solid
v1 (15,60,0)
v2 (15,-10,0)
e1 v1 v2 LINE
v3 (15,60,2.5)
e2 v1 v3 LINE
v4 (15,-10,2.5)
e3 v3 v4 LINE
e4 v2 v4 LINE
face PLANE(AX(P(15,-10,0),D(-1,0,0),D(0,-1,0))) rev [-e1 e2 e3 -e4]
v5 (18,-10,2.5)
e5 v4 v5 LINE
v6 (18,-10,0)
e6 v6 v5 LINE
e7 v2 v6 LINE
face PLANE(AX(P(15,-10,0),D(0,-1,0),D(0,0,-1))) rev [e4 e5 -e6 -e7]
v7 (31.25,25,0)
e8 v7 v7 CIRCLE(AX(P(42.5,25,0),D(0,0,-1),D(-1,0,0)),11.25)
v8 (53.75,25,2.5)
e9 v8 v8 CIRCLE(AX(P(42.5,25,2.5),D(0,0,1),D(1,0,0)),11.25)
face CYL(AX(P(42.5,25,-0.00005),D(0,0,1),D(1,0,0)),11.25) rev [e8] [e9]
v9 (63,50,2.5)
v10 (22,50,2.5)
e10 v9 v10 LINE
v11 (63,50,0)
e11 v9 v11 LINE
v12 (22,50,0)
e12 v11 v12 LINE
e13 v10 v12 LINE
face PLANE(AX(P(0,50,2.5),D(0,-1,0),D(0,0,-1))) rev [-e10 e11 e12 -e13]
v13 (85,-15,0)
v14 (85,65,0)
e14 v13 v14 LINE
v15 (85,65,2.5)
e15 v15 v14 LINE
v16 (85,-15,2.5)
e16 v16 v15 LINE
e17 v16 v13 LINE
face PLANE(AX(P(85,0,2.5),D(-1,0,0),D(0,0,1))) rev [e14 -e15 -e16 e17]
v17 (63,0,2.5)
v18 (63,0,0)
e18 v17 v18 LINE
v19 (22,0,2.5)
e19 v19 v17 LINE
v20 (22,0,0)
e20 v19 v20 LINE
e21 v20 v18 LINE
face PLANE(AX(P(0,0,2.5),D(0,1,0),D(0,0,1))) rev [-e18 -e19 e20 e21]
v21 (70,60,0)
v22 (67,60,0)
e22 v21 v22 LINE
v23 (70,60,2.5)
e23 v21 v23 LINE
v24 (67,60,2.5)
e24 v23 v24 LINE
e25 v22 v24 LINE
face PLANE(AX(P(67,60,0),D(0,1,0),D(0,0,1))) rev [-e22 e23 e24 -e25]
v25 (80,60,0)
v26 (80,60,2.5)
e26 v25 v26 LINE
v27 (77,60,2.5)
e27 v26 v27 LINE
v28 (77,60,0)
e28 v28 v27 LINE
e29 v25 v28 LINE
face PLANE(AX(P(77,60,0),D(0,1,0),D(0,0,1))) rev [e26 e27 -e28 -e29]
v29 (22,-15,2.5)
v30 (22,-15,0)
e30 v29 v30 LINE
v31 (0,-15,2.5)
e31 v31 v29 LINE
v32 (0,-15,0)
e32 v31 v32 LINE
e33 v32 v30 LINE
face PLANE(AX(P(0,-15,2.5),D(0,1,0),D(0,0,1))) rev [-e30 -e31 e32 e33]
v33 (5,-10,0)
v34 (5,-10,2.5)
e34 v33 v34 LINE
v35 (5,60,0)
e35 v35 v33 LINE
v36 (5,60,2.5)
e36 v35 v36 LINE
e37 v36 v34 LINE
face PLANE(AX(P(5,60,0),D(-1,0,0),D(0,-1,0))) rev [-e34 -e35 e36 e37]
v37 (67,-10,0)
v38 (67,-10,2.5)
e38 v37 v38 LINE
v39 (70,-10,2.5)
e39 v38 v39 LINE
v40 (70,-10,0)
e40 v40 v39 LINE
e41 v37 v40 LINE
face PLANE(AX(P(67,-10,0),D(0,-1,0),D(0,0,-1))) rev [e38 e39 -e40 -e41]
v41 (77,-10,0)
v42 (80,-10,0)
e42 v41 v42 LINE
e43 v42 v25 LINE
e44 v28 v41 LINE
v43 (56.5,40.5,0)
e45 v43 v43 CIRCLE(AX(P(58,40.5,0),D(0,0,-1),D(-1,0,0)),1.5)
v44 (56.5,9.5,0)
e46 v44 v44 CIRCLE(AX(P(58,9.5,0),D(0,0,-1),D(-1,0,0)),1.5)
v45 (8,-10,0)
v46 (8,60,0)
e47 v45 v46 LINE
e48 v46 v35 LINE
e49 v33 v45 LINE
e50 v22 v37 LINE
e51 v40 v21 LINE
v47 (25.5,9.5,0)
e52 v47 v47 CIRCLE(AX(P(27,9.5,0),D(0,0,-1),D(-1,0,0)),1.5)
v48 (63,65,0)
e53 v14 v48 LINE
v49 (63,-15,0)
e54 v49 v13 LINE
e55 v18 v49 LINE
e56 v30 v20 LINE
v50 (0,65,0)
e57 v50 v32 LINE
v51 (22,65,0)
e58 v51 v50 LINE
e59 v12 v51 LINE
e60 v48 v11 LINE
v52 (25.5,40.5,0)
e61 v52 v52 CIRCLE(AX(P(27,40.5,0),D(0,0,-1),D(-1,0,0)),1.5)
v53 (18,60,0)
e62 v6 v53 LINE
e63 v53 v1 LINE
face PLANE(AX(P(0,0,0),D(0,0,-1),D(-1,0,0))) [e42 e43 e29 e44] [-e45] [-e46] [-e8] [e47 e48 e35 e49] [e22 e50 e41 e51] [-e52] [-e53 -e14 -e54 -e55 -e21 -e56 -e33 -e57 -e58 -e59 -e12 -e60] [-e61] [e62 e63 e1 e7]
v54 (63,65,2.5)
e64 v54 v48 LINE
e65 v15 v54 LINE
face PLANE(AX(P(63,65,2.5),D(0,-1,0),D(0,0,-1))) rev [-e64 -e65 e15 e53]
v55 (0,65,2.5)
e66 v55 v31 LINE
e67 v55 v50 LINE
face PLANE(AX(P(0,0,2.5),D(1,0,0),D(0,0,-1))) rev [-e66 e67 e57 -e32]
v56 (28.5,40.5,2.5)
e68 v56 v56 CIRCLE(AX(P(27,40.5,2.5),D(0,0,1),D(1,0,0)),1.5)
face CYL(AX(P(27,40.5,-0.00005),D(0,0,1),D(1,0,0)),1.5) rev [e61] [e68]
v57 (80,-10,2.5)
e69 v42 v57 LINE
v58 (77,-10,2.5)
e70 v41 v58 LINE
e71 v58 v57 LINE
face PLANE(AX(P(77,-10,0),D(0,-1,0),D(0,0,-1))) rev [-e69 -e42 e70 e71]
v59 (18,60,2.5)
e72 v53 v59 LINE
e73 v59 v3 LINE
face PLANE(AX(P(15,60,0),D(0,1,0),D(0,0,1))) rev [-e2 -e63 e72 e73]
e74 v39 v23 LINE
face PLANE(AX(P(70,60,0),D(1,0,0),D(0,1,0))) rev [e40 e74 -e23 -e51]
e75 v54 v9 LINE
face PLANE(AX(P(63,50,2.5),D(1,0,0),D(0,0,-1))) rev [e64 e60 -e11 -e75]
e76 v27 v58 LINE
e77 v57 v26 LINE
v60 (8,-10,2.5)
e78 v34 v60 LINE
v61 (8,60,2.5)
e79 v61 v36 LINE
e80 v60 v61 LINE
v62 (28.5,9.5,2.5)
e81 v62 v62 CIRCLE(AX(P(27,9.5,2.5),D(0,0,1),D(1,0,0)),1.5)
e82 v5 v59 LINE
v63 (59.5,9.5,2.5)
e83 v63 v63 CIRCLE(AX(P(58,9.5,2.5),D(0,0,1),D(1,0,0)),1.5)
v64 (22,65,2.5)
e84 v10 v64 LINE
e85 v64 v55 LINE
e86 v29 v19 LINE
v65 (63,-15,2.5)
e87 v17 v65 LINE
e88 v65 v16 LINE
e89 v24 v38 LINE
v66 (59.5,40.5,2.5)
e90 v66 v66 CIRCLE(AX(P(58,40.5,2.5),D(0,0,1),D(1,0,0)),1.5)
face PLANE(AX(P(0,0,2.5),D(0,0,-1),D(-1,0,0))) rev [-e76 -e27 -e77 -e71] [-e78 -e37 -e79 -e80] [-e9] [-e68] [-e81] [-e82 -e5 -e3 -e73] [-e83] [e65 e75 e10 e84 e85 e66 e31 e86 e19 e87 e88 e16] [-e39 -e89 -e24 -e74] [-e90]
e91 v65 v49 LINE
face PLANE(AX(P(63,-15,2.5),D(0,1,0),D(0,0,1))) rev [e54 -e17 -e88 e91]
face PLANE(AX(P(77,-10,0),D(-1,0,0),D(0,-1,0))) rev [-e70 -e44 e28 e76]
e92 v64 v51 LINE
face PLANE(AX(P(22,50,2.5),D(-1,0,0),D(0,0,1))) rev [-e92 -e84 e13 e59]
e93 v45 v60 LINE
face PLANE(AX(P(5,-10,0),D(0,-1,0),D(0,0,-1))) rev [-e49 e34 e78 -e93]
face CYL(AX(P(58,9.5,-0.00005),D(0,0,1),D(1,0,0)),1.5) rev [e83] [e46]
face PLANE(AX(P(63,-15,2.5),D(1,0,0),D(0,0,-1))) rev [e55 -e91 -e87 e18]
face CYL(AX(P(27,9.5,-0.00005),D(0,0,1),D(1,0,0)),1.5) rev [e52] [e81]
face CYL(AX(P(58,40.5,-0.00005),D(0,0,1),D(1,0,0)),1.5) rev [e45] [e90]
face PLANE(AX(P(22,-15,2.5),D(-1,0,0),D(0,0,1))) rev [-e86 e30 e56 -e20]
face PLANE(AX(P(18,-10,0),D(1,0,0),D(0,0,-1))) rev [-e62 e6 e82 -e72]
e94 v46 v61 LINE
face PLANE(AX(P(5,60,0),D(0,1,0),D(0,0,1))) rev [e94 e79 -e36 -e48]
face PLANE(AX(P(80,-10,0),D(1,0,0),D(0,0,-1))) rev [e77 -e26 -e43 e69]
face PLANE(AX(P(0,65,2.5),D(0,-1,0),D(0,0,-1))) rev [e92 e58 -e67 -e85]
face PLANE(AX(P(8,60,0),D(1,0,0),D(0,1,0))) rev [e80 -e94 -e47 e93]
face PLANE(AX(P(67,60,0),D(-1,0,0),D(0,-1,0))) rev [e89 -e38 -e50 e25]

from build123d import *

# Parameters (mm, degrees)
SKETCH1_W                 = 85
SKETCH1_H                 = 50
BOSS_EXTRUDE1_DEPTH       = 2.5
SKETCH5_W                 = 22
SKETCH5_H                 = 15
BOSS_EXTRUDE2_DEPTH       = 2.5
LPATTERN4_COUNT           = 2
LPATTERN4_PITCH           = 63
LPATTERN5_COUNT           = 2
LPATTERN5_PITCH           = 65
LPATTERN5_COPY_1_SKETCH_W = 22
LPATTERN5_COPY_1_SKETCH_H = 15
LPATTERN5_COPY_1_DEPTH    = 2.5
SKETCH2_W                 = 3
SKETCH2_H                 = 70
CUT_EXTRUDE1_DEPTH        = 2.5
LPATTERN1_COUNT           = 2
LPATTERN1_PITCH           = 62
SKETCH3_R                 = 11.25
CUT_EXTRUDE2_DEPTH        = 108.033873143
SKETCH4_R                 = 1.5
CUT_EXTRUDE3_DEPTH        = 108.033873143
LPATTERN2_COUNT           = 2
LPATTERN2_PITCH           = 31
LPATTERN3_COUNT           = 2
LPATTERN3_PITCH           = 31
LPATTERN3_COPY_1_SKETCH_R = 1.5
LPATTERN3_COPY_1_DEPTH    = 108.033873143


with BuildPart() as part:
    # Sketch1 → Boss-Extrude1 (new body)
    with BuildSketch(Plane.XY):
        with Locations((42.5, 25)):
            Rectangle(SKETCH1_W, SKETCH1_H)
    extrude(amount=BOSS_EXTRUDE1_DEPTH)

    # Sketch5 → Boss-Extrude2 (add)
    with BuildSketch(Plane.XY):
        with Locations((11, 57.5)):
            Rectangle(SKETCH5_W, SKETCH5_H)
    boss_extrude2 = extrude(amount=BOSS_EXTRUDE2_DEPTH)

    # LPattern4: Boss-Extrude2 ×2
    with Locations(*[(i * LPATTERN4_PITCH, 0, 0) for i in range(1, LPATTERN4_COUNT)]):
        add(boss_extrude2)

    # LPattern5: Boss-Extrude2 ×2
    with Locations(*[(0, -i * LPATTERN5_PITCH, 0) for i in range(1, LPATTERN5_COUNT)]):
        add(boss_extrude2)

    # LPattern5 copy 1 sketch → LPattern5 copy 1 (add)
    with BuildSketch(Plane(origin=(63, -65, 0), x_dir=(1, 0, 0), z_dir=(0, 0, 1))):
        with Locations((11, 57.5)):
            Rectangle(LPATTERN5_COPY_1_SKETCH_W, LPATTERN5_COPY_1_SKETCH_H)
    extrude(amount=LPATTERN5_COPY_1_DEPTH)

    # Sketch2 → Cut-Extrude1 (cut)
    with BuildSketch(Plane.XY.offset(2.5)):
        with Locations((6.5, 25)):
            Rectangle(SKETCH2_W, SKETCH2_H)
        with Locations((16.5, 25)):
            Rectangle(SKETCH2_W, SKETCH2_H)
    cut_extrude1 = extrude(amount=-CUT_EXTRUDE1_DEPTH, mode=Mode.SUBTRACT)

    # LPattern1: Cut-Extrude1 ×2
    with Locations(*[(i * LPATTERN1_PITCH, 0, 0) for i in range(1, LPATTERN1_COUNT)]):
        add(cut_extrude1, mode=Mode.SUBTRACT)

    # Sketch3 → Cut-Extrude2 (cut, through all)
    with BuildSketch(Plane.XY.offset(2.5)):
        with Locations((42.5, 25)):
            Circle(SKETCH3_R)
    extrude(amount=-CUT_EXTRUDE2_DEPTH, mode=Mode.SUBTRACT)

    # Sketch4 → Cut-Extrude3 (cut, through all)
    with BuildSketch(Plane.XY.offset(2.5)):
        with Locations((27, 40.5)):
            Circle(SKETCH4_R)
    cut_extrude3 = extrude(amount=-CUT_EXTRUDE3_DEPTH, mode=Mode.SUBTRACT)

    # LPattern2: Cut-Extrude3 ×2
    with Locations(*[(0, -i * LPATTERN2_PITCH, 0) for i in range(1, LPATTERN2_COUNT)]):
        add(cut_extrude3, mode=Mode.SUBTRACT)

    # LPattern3: Cut-Extrude3 ×2
    with Locations(*[(i * LPATTERN3_PITCH, 0, 0) for i in range(1, LPATTERN3_COUNT)]):
        add(cut_extrude3, mode=Mode.SUBTRACT)

    # LPattern3 copy 1 sketch → LPattern3 copy 1 (cut, through all)
    with BuildSketch(Plane(origin=(31, -31, 2.5), x_dir=(1, 0, 0), z_dir=(0, 0, 1))):
        with Locations((27, 40.5)):
            Circle(LPATTERN3_COPY_1_SKETCH_R)
    extrude(amount=-LPATTERN3_COPY_1_DEPTH, mode=Mode.SUBTRACT)


solid = part.part
